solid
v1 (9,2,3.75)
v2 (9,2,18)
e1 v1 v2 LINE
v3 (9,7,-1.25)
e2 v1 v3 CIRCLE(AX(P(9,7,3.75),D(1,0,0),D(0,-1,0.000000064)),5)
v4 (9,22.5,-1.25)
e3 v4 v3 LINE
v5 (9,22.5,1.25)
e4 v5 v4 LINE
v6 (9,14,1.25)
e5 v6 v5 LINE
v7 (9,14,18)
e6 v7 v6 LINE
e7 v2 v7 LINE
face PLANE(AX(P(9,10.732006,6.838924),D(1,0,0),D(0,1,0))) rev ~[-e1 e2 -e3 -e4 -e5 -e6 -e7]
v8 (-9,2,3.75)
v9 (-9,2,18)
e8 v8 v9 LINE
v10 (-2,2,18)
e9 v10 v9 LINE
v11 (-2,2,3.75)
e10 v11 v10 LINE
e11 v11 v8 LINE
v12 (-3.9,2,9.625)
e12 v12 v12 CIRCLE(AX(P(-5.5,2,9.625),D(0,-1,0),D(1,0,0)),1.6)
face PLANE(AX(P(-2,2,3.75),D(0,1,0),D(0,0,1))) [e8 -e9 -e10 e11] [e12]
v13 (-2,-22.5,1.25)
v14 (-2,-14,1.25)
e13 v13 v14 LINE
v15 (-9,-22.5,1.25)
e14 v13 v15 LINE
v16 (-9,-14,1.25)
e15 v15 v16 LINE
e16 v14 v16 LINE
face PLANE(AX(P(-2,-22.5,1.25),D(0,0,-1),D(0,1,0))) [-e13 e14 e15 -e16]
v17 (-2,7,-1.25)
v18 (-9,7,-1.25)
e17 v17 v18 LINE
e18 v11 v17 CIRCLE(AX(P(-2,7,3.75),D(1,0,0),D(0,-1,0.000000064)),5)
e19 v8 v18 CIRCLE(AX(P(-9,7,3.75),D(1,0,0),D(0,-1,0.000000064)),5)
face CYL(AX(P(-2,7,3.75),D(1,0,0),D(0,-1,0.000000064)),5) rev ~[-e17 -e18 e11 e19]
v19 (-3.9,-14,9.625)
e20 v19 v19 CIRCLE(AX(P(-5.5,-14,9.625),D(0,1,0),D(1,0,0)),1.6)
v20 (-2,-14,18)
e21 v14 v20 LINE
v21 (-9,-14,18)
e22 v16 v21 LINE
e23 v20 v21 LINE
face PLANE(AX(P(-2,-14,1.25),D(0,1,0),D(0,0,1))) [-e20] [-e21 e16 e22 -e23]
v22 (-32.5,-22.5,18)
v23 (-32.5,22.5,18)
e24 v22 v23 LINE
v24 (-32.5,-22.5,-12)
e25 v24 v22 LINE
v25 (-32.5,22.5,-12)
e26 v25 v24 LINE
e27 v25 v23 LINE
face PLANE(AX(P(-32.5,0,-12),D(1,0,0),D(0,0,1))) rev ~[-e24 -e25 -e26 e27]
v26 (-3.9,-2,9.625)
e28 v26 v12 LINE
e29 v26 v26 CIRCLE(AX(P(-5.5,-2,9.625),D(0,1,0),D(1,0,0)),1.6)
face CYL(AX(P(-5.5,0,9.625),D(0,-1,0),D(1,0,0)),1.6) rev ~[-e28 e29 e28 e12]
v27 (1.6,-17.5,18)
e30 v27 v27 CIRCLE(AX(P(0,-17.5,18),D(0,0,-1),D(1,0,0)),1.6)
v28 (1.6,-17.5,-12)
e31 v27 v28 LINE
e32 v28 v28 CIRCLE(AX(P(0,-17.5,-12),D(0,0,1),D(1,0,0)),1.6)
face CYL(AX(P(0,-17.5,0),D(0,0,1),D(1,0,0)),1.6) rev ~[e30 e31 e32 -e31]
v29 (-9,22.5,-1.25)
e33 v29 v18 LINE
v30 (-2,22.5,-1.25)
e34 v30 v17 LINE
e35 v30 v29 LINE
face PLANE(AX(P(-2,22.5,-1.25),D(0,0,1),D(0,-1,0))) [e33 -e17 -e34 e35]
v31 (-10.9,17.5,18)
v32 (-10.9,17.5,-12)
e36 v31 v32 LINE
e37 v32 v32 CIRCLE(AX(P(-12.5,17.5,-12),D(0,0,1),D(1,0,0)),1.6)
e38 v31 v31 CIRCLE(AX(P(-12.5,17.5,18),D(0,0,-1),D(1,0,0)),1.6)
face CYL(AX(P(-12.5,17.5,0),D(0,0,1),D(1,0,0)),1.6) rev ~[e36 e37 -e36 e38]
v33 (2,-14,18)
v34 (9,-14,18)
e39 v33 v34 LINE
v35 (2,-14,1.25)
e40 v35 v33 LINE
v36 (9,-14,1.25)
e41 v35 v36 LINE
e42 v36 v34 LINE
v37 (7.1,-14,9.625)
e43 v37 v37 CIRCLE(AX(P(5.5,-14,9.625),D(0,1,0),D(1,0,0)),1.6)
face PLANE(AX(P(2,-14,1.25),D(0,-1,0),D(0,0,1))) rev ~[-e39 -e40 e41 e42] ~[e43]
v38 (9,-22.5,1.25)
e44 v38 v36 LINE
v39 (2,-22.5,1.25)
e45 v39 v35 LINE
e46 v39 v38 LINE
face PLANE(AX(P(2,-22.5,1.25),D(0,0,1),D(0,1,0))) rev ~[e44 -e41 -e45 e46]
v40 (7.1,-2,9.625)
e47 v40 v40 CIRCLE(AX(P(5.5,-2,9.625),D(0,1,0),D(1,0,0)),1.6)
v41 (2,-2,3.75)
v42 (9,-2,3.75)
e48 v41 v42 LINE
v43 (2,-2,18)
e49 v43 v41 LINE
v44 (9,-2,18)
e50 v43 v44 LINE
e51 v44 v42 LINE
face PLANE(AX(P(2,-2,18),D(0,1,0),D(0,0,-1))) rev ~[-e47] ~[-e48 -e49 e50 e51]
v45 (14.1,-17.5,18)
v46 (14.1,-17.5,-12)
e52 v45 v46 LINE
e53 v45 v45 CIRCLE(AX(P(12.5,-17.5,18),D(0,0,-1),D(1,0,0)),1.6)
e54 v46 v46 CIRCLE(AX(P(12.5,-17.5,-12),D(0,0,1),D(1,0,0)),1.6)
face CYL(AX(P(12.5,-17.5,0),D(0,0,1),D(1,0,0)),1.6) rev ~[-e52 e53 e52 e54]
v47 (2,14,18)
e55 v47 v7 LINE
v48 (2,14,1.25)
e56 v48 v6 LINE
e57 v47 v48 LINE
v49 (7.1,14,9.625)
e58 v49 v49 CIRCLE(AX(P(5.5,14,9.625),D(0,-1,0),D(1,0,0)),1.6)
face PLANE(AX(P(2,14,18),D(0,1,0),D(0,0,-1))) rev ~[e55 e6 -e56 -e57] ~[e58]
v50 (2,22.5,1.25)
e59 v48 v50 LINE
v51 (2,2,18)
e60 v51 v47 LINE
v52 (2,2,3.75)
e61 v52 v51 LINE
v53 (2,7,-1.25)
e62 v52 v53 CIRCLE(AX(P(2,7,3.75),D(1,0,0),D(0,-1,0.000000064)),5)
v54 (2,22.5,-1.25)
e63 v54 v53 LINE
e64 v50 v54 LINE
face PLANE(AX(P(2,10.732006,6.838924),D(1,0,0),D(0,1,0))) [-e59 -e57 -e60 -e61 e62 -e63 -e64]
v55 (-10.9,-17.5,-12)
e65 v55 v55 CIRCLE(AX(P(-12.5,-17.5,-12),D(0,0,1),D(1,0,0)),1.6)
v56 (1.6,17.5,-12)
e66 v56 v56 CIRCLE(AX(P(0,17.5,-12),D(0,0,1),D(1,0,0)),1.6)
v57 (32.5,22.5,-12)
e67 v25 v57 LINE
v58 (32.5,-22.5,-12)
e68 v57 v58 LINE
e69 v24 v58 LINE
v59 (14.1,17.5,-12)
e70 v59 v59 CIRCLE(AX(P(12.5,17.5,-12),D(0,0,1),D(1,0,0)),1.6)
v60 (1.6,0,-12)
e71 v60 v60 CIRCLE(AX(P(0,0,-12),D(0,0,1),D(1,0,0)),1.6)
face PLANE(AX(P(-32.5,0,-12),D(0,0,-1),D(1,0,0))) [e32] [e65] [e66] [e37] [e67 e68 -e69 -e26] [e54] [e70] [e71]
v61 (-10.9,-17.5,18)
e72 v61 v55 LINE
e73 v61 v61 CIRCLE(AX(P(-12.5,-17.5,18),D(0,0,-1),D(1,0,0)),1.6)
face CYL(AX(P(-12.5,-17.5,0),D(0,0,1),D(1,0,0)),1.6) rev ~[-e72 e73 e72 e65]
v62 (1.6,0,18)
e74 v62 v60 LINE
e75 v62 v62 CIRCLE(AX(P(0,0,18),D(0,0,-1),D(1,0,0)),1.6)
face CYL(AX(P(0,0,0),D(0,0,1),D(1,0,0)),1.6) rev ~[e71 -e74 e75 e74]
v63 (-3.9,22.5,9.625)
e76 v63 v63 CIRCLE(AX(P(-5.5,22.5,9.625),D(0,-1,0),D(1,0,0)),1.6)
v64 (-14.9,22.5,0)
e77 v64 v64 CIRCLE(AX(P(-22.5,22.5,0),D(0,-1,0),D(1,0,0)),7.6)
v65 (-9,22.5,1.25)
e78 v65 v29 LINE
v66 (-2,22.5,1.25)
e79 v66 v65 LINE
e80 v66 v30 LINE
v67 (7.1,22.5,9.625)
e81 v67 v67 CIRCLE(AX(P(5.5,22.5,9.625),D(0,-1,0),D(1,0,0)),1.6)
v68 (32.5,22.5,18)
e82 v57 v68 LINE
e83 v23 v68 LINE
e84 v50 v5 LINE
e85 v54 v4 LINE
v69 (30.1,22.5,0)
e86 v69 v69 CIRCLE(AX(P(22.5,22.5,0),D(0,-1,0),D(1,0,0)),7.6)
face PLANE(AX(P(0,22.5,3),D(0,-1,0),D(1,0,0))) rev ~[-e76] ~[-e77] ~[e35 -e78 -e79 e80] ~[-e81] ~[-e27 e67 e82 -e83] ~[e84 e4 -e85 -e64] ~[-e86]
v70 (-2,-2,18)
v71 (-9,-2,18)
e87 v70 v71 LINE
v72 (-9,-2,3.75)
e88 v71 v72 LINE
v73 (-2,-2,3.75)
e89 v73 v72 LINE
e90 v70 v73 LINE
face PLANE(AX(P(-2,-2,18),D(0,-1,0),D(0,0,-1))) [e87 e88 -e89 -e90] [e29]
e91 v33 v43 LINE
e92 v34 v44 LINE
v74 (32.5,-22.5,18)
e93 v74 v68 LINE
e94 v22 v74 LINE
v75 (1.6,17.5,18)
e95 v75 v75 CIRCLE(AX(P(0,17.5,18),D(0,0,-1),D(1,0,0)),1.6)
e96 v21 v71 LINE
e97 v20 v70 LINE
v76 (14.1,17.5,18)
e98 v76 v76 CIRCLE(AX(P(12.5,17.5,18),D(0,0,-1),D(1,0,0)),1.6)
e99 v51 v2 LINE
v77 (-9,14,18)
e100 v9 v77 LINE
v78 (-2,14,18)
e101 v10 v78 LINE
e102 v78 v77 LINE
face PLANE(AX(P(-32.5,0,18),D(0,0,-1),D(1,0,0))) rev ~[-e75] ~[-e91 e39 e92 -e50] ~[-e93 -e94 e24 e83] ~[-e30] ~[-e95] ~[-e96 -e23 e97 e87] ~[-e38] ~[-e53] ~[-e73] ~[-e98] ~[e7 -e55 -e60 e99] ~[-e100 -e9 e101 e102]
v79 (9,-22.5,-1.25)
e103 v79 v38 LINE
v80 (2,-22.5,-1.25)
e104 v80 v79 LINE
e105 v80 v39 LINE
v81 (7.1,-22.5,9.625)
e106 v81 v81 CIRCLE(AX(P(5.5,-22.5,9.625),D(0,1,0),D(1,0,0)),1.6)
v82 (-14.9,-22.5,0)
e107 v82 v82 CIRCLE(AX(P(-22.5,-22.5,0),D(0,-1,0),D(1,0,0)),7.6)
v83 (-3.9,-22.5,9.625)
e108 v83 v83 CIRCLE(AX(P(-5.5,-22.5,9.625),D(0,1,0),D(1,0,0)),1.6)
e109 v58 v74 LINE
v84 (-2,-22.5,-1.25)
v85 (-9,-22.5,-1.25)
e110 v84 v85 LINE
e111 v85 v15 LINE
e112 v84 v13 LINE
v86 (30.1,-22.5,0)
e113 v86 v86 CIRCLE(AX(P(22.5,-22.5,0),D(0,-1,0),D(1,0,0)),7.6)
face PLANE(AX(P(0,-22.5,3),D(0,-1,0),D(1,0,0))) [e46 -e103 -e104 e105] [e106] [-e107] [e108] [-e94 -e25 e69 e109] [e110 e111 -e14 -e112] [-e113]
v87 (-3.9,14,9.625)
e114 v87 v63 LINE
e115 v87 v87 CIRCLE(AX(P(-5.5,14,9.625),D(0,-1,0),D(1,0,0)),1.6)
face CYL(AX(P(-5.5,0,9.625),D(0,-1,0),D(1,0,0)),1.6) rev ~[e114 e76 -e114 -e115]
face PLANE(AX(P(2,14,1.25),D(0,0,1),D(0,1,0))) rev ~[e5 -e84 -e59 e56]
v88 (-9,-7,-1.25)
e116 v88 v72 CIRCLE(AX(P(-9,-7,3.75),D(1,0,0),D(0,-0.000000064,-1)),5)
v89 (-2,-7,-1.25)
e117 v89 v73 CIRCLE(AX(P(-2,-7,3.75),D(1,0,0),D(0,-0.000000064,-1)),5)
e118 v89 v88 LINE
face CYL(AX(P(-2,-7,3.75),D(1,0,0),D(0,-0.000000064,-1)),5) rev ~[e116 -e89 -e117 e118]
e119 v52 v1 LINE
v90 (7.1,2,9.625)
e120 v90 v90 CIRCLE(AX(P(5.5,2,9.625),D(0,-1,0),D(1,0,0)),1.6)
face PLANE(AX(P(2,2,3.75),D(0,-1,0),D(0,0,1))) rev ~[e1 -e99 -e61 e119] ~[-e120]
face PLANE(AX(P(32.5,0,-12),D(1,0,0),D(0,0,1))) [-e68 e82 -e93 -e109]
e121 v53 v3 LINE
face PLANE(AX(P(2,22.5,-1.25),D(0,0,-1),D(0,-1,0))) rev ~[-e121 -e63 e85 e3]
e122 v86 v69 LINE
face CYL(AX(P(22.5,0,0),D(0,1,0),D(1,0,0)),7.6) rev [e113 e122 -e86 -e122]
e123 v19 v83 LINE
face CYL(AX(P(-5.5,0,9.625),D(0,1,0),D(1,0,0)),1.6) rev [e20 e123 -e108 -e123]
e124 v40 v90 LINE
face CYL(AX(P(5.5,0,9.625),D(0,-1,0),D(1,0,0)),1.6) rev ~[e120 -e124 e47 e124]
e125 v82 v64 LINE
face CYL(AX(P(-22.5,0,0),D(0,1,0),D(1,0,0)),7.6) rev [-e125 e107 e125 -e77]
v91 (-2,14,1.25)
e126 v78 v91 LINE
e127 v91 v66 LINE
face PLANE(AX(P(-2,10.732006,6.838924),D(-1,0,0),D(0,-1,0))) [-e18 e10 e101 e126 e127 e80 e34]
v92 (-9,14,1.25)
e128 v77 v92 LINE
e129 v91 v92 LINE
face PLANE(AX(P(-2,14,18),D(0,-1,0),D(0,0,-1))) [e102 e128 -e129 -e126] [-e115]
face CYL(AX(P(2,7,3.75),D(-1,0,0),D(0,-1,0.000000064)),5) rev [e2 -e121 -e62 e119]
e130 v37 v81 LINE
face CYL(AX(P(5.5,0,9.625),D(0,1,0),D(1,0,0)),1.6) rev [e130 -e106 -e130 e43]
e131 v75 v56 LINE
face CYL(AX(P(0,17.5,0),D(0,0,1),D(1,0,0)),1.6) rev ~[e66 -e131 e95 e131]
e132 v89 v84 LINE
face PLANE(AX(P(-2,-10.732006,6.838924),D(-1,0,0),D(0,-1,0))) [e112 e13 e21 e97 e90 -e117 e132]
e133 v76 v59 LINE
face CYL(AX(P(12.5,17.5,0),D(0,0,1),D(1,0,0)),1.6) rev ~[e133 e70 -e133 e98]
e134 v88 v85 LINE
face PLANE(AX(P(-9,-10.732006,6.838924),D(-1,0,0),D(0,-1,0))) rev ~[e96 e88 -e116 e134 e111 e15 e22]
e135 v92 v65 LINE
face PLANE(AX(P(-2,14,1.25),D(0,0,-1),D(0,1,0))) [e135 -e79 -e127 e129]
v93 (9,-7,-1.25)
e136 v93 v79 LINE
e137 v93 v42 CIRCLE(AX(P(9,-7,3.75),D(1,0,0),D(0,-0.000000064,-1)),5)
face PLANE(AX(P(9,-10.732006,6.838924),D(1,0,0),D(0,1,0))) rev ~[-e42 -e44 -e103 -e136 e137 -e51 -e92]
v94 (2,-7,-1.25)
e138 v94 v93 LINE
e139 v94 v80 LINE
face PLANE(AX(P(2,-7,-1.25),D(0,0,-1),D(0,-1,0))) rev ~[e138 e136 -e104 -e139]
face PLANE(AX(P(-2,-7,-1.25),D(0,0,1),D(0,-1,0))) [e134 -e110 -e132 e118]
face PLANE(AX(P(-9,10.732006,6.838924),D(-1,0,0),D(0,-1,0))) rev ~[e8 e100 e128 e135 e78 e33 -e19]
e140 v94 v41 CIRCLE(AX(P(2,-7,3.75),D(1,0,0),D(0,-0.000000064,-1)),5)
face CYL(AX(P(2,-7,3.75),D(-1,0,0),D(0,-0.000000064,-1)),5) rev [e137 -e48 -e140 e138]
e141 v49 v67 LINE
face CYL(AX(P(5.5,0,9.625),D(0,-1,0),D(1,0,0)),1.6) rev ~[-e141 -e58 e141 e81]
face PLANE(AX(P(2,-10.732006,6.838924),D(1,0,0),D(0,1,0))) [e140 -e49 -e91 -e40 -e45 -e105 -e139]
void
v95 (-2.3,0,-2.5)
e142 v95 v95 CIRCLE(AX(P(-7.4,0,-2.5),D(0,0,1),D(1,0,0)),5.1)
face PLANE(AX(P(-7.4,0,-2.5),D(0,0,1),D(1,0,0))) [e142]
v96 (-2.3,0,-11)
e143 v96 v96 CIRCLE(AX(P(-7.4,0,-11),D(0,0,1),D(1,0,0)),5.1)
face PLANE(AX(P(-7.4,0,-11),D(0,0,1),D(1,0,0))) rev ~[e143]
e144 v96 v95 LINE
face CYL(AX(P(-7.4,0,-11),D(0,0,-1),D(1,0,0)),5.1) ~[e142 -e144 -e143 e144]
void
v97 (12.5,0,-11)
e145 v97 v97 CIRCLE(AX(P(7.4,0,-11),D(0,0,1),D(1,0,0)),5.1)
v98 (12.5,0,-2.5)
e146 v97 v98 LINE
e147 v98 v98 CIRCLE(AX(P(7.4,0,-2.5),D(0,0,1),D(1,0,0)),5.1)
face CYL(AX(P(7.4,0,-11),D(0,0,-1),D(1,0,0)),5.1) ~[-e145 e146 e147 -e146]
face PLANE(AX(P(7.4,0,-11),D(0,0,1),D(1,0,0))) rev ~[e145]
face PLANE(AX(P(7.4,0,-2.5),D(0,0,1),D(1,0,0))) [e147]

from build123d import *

# Parameters (mm, degrees)
SKETCH_W             = 65
SKETCH_H             = 30
SKETCH_R             = 7.6
PAD_DEPTH            = 22.5
SKETCH001_R          = 1.6
POCKET_DEPTH         = 12.001
POCKET_DEPTH_BACK    = -18.001
POCKET001_DEPTH      = 7
POCKET002_DEPTH      = 7
SKETCH004_R          = 5.1
POCKET003_DEPTH      = 8.5
SKETCH005_R          = 1.6
POCKET004_DEPTH      = 22.501
POCKET004_DEPTH_BACK = -22.501


with BuildPart() as part:
    # Sketch → Pad (new body, symmetric)
    with BuildSketch(Plane.XZ):
        with Locations((0, 3)):
            Rectangle(SKETCH_W, SKETCH_H)
        with Locations((-22.5, 0)):
            Circle(SKETCH_R, mode=Mode.SUBTRACT)
        with Locations((22.5, 0)):
            Circle(SKETCH_R, mode=Mode.SUBTRACT)
    extrude(amount=PAD_DEPTH, both=True)

    # Sketch001 → Pocket (cut, two sides)
    with BuildSketch(Plane.XY) as pocket_sk:
        with Locations((-12.5, 17.5)):
            Circle(SKETCH001_R)
        with Locations((12.5, 17.5)):
            Circle(SKETCH001_R)
        Circle(SKETCH001_R)
        with Locations((-12.5, -17.5)):
            Circle(SKETCH001_R)
        with Locations((12.5, -17.5)):
            Circle(SKETCH001_R)
        with Locations((0, 17.5)):
            Circle(SKETCH001_R)
        with Locations((0, -17.5)):
            Circle(SKETCH001_R)
    extrude(amount=-POCKET_DEPTH, mode=Mode.SUBTRACT)
    extrude(pocket_sk.sketch, amount=-POCKET_DEPTH_BACK, mode=Mode.SUBTRACT)

    # Sketch002 (on DatumPlane) → Pocket001 (cut)
    with BuildSketch(Plane.YZ.offset(2)):
        with BuildLine():
            ThreePointArc((-7, -1.25), (-3.464466, 0.214466), (-2, 3.75))
            Line((-2, 18), (-2, 3.75))
            Line((-14, 18), (-2, 18))
            Line((-14, 1.25), (-14, 18))
            Line((-22.5, 1.25), (-14, 1.25))
            Line((-22.5, -1.25), (-22.5, 1.25))
            Line((-7, -1.25), (-22.5, -1.25))
        make_face()
        with BuildLine():
            ThreePointArc((2, 3.75), (3.464466, 0.214466), (7, -1.25))
            Line((22.5, -1.25), (7, -1.25))
            Line((22.5, 1.25), (22.5, -1.25))
            Line((14, 1.25), (22.5, 1.25))
            Line((14, 18), (14, 1.25))
            Line((2, 18), (14, 18))
            Line((2, 3.75), (2, 18))
        make_face()
    extrude(amount=POCKET001_DEPTH, mode=Mode.SUBTRACT)

    # Sketch003 (on DatumPlane) → Pocket002 (cut)
    with BuildSketch(Plane.YZ.offset(-2)):
        with BuildLine():
            Line((-7, -1.25), (-22.5, -1.25))
            Line((-22.5, -1.25), (-22.5, 1.25))
            Line((-22.5, 1.25), (-14, 1.25))
            Line((-14, 1.25), (-14, 18))
            Line((-14, 18), (-2, 18))
            Line((-2, 18), (-2, 3.75))
            ThreePointArc((-7, -1.25), (-3.464466, 0.214466), (-2, 3.75))
        make_face()
        with BuildLine():
            Line((2, 3.75), (2, 18))
            Line((2, 18), (14, 18))
            Line((14, 18), (14, 1.25))
            Line((14, 1.25), (22.5, 1.25))
            Line((22.5, 1.25), (22.5, -1.25))
            Line((22.5, -1.25), (7, -1.25))
            ThreePointArc((2, 3.75), (3.464466, 0.214466), (7, -1.25))
        make_face()
    extrude(amount=-POCKET002_DEPTH, mode=Mode.SUBTRACT)

    # Sketch004 (on DatumPlane) → Pocket003 (cut)
    with BuildSketch(Plane.XY.offset(-11)):
        with Locations((-7.4, 0)):
            Circle(SKETCH004_R)
        with Locations((7.4, 0)):
            Circle(SKETCH004_R)
    extrude(amount=POCKET003_DEPTH, mode=Mode.SUBTRACT)

    # Sketch005 → Pocket004 (cut, two sides)
    with BuildSketch(Plane.XZ) as pocket004_sk:
        with Locations((-5.5, 9.625)):
            Circle(SKETCH005_R)
        with Locations((5.5, 9.625)):
            Circle(SKETCH005_R)
    extrude(amount=-POCKET004_DEPTH, mode=Mode.SUBTRACT)
    extrude(pocket004_sk.sketch, amount=-POCKET004_DEPTH_BACK, mode=Mode.SUBTRACT)


solid = part.part
